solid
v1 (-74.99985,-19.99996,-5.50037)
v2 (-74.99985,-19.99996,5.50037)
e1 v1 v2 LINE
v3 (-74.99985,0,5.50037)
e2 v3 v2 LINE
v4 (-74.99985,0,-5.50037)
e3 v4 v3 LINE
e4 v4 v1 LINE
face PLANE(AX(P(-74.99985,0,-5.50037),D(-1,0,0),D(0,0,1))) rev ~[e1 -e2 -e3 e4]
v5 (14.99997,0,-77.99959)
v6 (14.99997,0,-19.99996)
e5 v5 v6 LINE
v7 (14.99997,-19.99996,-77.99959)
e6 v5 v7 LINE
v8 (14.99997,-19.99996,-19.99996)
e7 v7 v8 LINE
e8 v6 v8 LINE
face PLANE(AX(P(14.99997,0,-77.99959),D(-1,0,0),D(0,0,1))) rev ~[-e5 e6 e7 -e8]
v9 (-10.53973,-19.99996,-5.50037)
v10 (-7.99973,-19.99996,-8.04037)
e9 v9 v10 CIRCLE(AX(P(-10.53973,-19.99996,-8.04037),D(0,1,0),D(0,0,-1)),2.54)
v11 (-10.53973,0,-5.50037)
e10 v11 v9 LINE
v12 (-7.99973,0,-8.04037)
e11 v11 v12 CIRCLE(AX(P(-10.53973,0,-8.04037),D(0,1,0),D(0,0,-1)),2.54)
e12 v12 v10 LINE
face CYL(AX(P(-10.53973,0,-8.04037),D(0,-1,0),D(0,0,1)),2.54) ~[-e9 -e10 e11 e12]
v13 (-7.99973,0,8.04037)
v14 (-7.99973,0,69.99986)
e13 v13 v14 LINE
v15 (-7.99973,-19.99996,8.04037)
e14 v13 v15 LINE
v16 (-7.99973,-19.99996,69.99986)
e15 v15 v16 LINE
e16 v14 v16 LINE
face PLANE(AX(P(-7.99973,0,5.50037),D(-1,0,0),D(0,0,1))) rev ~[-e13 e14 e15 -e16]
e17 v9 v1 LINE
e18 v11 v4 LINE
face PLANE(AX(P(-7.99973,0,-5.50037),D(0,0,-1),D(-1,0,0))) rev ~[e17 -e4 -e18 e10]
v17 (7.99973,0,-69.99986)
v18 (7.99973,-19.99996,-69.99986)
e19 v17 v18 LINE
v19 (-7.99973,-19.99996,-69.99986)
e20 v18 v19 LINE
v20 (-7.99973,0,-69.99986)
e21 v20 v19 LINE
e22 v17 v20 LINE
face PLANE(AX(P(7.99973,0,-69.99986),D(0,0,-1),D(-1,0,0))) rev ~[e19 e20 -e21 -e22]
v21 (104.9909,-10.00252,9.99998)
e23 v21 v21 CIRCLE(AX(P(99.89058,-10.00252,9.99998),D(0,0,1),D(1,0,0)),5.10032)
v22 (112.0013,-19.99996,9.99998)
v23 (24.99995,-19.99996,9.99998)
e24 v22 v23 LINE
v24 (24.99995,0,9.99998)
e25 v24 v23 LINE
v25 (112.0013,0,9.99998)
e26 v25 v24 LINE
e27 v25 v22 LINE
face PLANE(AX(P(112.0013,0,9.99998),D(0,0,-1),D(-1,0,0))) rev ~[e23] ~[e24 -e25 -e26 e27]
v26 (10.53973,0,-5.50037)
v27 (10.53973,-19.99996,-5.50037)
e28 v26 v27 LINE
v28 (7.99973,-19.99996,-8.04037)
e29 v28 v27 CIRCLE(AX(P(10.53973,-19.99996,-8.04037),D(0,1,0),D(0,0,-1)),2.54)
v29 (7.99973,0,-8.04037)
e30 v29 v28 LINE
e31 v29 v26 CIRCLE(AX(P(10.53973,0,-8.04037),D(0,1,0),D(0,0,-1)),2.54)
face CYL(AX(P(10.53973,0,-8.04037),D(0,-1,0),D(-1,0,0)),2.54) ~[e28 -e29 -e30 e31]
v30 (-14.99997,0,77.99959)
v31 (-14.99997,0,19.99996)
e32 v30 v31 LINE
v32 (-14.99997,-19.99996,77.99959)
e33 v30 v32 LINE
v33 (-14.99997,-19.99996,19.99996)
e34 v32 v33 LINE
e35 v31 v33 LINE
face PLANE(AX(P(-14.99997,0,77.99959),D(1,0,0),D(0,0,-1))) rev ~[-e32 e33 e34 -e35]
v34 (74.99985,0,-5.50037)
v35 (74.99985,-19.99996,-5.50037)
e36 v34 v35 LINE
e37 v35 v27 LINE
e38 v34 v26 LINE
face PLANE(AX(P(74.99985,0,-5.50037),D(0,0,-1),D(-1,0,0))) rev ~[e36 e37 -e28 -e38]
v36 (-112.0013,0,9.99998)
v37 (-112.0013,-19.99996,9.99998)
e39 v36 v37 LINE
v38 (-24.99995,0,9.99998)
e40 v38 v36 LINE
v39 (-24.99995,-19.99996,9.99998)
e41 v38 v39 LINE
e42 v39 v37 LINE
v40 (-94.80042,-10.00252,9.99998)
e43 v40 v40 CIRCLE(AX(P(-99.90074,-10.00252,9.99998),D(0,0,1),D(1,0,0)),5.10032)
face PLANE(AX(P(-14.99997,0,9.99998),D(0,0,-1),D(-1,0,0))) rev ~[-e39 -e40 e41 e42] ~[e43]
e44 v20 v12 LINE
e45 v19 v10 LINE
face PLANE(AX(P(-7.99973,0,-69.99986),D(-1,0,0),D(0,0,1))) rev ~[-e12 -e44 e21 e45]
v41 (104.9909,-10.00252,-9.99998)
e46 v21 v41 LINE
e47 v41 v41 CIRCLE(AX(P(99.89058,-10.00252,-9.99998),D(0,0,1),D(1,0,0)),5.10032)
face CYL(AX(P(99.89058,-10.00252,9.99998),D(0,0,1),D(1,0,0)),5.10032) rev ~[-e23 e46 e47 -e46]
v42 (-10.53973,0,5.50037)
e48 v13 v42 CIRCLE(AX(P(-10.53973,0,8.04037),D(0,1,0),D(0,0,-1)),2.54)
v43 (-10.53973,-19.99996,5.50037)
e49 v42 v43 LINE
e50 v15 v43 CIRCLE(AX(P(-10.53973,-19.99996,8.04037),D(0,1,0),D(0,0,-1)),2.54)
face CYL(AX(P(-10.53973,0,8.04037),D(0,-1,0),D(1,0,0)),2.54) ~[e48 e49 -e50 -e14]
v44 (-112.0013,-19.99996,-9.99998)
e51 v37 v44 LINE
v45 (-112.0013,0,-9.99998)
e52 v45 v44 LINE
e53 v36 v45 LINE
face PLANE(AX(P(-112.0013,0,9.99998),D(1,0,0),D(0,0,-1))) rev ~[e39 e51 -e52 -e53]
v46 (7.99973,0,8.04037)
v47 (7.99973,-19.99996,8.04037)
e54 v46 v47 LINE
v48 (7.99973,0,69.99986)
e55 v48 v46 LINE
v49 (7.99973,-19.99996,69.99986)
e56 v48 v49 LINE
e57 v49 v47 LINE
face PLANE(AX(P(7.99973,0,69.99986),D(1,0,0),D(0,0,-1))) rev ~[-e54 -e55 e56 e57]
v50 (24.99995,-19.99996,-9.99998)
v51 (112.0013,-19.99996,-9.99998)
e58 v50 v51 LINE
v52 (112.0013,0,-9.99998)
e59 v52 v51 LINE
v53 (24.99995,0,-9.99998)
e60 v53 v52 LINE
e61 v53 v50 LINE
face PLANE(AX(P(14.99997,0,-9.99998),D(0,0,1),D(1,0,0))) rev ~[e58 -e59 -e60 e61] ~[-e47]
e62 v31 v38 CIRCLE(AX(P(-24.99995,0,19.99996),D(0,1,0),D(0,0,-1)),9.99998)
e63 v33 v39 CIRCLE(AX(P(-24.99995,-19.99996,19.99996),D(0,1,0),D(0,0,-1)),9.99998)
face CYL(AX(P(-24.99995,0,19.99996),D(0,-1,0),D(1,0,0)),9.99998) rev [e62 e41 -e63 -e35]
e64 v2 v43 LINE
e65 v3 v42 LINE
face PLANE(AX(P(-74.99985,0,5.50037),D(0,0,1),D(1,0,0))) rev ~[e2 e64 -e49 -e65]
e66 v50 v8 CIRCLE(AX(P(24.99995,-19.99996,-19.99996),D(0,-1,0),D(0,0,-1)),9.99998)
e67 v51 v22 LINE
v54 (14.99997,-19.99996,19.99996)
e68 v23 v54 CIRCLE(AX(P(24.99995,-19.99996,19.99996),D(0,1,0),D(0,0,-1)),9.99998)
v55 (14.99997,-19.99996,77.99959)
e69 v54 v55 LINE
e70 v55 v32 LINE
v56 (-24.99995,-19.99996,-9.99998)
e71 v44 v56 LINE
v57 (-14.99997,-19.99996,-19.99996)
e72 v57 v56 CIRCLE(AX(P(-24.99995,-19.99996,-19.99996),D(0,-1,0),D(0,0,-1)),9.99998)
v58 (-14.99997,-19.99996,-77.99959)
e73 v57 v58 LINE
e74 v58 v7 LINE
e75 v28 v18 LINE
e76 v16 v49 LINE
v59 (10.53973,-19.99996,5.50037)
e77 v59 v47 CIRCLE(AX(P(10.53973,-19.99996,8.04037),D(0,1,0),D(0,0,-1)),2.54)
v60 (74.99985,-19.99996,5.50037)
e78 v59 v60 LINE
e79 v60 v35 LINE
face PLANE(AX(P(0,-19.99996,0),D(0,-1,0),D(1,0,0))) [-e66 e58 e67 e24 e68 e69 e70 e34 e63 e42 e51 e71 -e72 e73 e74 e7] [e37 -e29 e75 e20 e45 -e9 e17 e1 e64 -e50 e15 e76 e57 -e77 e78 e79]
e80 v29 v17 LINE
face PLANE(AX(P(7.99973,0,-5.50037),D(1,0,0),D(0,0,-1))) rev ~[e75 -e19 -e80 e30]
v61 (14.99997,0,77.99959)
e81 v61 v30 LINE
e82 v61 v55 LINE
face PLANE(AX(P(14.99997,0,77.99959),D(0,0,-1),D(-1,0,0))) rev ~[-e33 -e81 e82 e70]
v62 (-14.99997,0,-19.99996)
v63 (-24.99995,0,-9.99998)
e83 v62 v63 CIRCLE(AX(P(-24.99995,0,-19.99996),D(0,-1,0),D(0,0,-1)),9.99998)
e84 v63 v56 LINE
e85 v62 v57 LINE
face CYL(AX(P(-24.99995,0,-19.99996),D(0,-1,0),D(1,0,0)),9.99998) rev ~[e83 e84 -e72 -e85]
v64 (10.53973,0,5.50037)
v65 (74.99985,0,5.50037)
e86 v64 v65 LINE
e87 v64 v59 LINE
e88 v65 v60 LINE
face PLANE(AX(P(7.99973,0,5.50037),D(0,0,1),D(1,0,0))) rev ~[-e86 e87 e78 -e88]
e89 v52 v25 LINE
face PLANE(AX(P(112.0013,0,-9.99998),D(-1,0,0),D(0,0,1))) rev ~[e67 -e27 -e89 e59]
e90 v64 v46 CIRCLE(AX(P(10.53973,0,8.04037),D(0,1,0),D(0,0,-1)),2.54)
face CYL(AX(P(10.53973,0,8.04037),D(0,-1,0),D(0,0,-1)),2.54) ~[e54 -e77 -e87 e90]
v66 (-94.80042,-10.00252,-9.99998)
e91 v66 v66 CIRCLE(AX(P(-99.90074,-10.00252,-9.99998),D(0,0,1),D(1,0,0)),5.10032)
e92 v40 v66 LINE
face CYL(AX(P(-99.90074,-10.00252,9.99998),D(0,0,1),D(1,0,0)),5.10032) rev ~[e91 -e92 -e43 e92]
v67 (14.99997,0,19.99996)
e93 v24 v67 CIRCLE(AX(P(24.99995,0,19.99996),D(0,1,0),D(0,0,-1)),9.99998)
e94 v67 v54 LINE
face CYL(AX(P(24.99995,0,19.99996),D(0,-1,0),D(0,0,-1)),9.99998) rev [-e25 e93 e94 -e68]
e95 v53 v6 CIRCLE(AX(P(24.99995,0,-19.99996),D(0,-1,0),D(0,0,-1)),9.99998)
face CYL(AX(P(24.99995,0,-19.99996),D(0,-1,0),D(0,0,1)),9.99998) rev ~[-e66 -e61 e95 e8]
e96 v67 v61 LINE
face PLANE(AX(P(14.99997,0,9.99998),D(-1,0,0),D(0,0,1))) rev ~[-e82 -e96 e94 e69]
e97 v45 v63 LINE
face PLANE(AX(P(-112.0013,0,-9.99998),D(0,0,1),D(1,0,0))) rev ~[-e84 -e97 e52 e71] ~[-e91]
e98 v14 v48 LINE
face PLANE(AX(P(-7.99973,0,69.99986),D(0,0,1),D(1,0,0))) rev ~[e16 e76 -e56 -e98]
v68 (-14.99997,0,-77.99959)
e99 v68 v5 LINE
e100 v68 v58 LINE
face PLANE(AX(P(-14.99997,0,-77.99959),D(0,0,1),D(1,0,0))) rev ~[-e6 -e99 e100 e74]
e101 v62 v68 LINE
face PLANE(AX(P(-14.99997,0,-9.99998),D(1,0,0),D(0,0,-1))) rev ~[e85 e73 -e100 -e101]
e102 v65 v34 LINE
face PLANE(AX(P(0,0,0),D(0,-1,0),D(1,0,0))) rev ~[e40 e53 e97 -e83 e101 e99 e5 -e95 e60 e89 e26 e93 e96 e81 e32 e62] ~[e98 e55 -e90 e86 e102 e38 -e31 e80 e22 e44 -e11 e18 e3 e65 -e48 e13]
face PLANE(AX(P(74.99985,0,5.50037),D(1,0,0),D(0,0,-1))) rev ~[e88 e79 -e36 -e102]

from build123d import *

# Parameters (mm, degrees)
F1_DEPTH = 19.99996
F2_R     = 9.99998
F3_R     = 2.54
F4_R     = 5.10032
F5_DEPTH = 105.918


with BuildPart() as f1:
    # F0 (on Front) → F1 (new body)
    with BuildSketch(Plane.XZ):
        Polygon((14.99997, -9.99998), (112.0013, -9.99998), (112.0013, 9.99998), (14.99997, 9.99998), (14.99997, 77.99959), (-14.99997, 77.99959), (-14.99997, 9.99998), (-112.0013, 9.99998), (-112.0013, -9.99998), (-14.99997, -9.99998), (-14.99997, -77.99959), (14.99997, -77.99959), align=None)
        Polygon((74.99985, 5.50037), (74.99985, -5.50037), (7.99973, -5.50037), (7.99973, -69.99986), (-7.99973, -69.99986), (-7.99973, -5.50037), (-74.99985, -5.50037), (-74.99985, 5.50037), (-7.99973, 5.50037), (-7.99973, 69.99986), (7.99973, 69.99986), (7.99973, 5.50037), align=None, mode=Mode.SUBTRACT)
    extrude(amount=F1_DEPTH)

    # F2
    f2_edges = [f1.edges().sort_by_distance(p)[0] for p in [
        (14.99997, -9.99998, 9.99998),
        (-14.99997, -9.99998, 9.99998),
        (-14.99997, -9.99998, -9.99998),
        (14.99997, -9.99998, -9.99998),
    ]]
    fillet(f2_edges, radius=F2_R)

    # F3
    f3_edges = [f1.edges().sort_by_distance(p)[0] for p in [
        (-7.99973, -9.99998, 5.50037),
        (7.99973, -9.99998, 5.50037),
        (7.99973, -9.99998, -5.50037),
        (-7.99973, -9.99998, -5.50037),
    ]]
    fillet(f3_edges, radius=F3_R)

    # F4 (on face) → F5 (cut)
    with BuildSketch(Plane.XY.offset(9.99998)):
        with Locations((-99.90074, -10.00252)):
            Circle(F4_R)
        with Locations((99.89058, -10.00252)):
            Circle(F4_R)
    extrude(amount=-F5_DEPTH, mode=Mode.SUBTRACT)


solid = f1.part
